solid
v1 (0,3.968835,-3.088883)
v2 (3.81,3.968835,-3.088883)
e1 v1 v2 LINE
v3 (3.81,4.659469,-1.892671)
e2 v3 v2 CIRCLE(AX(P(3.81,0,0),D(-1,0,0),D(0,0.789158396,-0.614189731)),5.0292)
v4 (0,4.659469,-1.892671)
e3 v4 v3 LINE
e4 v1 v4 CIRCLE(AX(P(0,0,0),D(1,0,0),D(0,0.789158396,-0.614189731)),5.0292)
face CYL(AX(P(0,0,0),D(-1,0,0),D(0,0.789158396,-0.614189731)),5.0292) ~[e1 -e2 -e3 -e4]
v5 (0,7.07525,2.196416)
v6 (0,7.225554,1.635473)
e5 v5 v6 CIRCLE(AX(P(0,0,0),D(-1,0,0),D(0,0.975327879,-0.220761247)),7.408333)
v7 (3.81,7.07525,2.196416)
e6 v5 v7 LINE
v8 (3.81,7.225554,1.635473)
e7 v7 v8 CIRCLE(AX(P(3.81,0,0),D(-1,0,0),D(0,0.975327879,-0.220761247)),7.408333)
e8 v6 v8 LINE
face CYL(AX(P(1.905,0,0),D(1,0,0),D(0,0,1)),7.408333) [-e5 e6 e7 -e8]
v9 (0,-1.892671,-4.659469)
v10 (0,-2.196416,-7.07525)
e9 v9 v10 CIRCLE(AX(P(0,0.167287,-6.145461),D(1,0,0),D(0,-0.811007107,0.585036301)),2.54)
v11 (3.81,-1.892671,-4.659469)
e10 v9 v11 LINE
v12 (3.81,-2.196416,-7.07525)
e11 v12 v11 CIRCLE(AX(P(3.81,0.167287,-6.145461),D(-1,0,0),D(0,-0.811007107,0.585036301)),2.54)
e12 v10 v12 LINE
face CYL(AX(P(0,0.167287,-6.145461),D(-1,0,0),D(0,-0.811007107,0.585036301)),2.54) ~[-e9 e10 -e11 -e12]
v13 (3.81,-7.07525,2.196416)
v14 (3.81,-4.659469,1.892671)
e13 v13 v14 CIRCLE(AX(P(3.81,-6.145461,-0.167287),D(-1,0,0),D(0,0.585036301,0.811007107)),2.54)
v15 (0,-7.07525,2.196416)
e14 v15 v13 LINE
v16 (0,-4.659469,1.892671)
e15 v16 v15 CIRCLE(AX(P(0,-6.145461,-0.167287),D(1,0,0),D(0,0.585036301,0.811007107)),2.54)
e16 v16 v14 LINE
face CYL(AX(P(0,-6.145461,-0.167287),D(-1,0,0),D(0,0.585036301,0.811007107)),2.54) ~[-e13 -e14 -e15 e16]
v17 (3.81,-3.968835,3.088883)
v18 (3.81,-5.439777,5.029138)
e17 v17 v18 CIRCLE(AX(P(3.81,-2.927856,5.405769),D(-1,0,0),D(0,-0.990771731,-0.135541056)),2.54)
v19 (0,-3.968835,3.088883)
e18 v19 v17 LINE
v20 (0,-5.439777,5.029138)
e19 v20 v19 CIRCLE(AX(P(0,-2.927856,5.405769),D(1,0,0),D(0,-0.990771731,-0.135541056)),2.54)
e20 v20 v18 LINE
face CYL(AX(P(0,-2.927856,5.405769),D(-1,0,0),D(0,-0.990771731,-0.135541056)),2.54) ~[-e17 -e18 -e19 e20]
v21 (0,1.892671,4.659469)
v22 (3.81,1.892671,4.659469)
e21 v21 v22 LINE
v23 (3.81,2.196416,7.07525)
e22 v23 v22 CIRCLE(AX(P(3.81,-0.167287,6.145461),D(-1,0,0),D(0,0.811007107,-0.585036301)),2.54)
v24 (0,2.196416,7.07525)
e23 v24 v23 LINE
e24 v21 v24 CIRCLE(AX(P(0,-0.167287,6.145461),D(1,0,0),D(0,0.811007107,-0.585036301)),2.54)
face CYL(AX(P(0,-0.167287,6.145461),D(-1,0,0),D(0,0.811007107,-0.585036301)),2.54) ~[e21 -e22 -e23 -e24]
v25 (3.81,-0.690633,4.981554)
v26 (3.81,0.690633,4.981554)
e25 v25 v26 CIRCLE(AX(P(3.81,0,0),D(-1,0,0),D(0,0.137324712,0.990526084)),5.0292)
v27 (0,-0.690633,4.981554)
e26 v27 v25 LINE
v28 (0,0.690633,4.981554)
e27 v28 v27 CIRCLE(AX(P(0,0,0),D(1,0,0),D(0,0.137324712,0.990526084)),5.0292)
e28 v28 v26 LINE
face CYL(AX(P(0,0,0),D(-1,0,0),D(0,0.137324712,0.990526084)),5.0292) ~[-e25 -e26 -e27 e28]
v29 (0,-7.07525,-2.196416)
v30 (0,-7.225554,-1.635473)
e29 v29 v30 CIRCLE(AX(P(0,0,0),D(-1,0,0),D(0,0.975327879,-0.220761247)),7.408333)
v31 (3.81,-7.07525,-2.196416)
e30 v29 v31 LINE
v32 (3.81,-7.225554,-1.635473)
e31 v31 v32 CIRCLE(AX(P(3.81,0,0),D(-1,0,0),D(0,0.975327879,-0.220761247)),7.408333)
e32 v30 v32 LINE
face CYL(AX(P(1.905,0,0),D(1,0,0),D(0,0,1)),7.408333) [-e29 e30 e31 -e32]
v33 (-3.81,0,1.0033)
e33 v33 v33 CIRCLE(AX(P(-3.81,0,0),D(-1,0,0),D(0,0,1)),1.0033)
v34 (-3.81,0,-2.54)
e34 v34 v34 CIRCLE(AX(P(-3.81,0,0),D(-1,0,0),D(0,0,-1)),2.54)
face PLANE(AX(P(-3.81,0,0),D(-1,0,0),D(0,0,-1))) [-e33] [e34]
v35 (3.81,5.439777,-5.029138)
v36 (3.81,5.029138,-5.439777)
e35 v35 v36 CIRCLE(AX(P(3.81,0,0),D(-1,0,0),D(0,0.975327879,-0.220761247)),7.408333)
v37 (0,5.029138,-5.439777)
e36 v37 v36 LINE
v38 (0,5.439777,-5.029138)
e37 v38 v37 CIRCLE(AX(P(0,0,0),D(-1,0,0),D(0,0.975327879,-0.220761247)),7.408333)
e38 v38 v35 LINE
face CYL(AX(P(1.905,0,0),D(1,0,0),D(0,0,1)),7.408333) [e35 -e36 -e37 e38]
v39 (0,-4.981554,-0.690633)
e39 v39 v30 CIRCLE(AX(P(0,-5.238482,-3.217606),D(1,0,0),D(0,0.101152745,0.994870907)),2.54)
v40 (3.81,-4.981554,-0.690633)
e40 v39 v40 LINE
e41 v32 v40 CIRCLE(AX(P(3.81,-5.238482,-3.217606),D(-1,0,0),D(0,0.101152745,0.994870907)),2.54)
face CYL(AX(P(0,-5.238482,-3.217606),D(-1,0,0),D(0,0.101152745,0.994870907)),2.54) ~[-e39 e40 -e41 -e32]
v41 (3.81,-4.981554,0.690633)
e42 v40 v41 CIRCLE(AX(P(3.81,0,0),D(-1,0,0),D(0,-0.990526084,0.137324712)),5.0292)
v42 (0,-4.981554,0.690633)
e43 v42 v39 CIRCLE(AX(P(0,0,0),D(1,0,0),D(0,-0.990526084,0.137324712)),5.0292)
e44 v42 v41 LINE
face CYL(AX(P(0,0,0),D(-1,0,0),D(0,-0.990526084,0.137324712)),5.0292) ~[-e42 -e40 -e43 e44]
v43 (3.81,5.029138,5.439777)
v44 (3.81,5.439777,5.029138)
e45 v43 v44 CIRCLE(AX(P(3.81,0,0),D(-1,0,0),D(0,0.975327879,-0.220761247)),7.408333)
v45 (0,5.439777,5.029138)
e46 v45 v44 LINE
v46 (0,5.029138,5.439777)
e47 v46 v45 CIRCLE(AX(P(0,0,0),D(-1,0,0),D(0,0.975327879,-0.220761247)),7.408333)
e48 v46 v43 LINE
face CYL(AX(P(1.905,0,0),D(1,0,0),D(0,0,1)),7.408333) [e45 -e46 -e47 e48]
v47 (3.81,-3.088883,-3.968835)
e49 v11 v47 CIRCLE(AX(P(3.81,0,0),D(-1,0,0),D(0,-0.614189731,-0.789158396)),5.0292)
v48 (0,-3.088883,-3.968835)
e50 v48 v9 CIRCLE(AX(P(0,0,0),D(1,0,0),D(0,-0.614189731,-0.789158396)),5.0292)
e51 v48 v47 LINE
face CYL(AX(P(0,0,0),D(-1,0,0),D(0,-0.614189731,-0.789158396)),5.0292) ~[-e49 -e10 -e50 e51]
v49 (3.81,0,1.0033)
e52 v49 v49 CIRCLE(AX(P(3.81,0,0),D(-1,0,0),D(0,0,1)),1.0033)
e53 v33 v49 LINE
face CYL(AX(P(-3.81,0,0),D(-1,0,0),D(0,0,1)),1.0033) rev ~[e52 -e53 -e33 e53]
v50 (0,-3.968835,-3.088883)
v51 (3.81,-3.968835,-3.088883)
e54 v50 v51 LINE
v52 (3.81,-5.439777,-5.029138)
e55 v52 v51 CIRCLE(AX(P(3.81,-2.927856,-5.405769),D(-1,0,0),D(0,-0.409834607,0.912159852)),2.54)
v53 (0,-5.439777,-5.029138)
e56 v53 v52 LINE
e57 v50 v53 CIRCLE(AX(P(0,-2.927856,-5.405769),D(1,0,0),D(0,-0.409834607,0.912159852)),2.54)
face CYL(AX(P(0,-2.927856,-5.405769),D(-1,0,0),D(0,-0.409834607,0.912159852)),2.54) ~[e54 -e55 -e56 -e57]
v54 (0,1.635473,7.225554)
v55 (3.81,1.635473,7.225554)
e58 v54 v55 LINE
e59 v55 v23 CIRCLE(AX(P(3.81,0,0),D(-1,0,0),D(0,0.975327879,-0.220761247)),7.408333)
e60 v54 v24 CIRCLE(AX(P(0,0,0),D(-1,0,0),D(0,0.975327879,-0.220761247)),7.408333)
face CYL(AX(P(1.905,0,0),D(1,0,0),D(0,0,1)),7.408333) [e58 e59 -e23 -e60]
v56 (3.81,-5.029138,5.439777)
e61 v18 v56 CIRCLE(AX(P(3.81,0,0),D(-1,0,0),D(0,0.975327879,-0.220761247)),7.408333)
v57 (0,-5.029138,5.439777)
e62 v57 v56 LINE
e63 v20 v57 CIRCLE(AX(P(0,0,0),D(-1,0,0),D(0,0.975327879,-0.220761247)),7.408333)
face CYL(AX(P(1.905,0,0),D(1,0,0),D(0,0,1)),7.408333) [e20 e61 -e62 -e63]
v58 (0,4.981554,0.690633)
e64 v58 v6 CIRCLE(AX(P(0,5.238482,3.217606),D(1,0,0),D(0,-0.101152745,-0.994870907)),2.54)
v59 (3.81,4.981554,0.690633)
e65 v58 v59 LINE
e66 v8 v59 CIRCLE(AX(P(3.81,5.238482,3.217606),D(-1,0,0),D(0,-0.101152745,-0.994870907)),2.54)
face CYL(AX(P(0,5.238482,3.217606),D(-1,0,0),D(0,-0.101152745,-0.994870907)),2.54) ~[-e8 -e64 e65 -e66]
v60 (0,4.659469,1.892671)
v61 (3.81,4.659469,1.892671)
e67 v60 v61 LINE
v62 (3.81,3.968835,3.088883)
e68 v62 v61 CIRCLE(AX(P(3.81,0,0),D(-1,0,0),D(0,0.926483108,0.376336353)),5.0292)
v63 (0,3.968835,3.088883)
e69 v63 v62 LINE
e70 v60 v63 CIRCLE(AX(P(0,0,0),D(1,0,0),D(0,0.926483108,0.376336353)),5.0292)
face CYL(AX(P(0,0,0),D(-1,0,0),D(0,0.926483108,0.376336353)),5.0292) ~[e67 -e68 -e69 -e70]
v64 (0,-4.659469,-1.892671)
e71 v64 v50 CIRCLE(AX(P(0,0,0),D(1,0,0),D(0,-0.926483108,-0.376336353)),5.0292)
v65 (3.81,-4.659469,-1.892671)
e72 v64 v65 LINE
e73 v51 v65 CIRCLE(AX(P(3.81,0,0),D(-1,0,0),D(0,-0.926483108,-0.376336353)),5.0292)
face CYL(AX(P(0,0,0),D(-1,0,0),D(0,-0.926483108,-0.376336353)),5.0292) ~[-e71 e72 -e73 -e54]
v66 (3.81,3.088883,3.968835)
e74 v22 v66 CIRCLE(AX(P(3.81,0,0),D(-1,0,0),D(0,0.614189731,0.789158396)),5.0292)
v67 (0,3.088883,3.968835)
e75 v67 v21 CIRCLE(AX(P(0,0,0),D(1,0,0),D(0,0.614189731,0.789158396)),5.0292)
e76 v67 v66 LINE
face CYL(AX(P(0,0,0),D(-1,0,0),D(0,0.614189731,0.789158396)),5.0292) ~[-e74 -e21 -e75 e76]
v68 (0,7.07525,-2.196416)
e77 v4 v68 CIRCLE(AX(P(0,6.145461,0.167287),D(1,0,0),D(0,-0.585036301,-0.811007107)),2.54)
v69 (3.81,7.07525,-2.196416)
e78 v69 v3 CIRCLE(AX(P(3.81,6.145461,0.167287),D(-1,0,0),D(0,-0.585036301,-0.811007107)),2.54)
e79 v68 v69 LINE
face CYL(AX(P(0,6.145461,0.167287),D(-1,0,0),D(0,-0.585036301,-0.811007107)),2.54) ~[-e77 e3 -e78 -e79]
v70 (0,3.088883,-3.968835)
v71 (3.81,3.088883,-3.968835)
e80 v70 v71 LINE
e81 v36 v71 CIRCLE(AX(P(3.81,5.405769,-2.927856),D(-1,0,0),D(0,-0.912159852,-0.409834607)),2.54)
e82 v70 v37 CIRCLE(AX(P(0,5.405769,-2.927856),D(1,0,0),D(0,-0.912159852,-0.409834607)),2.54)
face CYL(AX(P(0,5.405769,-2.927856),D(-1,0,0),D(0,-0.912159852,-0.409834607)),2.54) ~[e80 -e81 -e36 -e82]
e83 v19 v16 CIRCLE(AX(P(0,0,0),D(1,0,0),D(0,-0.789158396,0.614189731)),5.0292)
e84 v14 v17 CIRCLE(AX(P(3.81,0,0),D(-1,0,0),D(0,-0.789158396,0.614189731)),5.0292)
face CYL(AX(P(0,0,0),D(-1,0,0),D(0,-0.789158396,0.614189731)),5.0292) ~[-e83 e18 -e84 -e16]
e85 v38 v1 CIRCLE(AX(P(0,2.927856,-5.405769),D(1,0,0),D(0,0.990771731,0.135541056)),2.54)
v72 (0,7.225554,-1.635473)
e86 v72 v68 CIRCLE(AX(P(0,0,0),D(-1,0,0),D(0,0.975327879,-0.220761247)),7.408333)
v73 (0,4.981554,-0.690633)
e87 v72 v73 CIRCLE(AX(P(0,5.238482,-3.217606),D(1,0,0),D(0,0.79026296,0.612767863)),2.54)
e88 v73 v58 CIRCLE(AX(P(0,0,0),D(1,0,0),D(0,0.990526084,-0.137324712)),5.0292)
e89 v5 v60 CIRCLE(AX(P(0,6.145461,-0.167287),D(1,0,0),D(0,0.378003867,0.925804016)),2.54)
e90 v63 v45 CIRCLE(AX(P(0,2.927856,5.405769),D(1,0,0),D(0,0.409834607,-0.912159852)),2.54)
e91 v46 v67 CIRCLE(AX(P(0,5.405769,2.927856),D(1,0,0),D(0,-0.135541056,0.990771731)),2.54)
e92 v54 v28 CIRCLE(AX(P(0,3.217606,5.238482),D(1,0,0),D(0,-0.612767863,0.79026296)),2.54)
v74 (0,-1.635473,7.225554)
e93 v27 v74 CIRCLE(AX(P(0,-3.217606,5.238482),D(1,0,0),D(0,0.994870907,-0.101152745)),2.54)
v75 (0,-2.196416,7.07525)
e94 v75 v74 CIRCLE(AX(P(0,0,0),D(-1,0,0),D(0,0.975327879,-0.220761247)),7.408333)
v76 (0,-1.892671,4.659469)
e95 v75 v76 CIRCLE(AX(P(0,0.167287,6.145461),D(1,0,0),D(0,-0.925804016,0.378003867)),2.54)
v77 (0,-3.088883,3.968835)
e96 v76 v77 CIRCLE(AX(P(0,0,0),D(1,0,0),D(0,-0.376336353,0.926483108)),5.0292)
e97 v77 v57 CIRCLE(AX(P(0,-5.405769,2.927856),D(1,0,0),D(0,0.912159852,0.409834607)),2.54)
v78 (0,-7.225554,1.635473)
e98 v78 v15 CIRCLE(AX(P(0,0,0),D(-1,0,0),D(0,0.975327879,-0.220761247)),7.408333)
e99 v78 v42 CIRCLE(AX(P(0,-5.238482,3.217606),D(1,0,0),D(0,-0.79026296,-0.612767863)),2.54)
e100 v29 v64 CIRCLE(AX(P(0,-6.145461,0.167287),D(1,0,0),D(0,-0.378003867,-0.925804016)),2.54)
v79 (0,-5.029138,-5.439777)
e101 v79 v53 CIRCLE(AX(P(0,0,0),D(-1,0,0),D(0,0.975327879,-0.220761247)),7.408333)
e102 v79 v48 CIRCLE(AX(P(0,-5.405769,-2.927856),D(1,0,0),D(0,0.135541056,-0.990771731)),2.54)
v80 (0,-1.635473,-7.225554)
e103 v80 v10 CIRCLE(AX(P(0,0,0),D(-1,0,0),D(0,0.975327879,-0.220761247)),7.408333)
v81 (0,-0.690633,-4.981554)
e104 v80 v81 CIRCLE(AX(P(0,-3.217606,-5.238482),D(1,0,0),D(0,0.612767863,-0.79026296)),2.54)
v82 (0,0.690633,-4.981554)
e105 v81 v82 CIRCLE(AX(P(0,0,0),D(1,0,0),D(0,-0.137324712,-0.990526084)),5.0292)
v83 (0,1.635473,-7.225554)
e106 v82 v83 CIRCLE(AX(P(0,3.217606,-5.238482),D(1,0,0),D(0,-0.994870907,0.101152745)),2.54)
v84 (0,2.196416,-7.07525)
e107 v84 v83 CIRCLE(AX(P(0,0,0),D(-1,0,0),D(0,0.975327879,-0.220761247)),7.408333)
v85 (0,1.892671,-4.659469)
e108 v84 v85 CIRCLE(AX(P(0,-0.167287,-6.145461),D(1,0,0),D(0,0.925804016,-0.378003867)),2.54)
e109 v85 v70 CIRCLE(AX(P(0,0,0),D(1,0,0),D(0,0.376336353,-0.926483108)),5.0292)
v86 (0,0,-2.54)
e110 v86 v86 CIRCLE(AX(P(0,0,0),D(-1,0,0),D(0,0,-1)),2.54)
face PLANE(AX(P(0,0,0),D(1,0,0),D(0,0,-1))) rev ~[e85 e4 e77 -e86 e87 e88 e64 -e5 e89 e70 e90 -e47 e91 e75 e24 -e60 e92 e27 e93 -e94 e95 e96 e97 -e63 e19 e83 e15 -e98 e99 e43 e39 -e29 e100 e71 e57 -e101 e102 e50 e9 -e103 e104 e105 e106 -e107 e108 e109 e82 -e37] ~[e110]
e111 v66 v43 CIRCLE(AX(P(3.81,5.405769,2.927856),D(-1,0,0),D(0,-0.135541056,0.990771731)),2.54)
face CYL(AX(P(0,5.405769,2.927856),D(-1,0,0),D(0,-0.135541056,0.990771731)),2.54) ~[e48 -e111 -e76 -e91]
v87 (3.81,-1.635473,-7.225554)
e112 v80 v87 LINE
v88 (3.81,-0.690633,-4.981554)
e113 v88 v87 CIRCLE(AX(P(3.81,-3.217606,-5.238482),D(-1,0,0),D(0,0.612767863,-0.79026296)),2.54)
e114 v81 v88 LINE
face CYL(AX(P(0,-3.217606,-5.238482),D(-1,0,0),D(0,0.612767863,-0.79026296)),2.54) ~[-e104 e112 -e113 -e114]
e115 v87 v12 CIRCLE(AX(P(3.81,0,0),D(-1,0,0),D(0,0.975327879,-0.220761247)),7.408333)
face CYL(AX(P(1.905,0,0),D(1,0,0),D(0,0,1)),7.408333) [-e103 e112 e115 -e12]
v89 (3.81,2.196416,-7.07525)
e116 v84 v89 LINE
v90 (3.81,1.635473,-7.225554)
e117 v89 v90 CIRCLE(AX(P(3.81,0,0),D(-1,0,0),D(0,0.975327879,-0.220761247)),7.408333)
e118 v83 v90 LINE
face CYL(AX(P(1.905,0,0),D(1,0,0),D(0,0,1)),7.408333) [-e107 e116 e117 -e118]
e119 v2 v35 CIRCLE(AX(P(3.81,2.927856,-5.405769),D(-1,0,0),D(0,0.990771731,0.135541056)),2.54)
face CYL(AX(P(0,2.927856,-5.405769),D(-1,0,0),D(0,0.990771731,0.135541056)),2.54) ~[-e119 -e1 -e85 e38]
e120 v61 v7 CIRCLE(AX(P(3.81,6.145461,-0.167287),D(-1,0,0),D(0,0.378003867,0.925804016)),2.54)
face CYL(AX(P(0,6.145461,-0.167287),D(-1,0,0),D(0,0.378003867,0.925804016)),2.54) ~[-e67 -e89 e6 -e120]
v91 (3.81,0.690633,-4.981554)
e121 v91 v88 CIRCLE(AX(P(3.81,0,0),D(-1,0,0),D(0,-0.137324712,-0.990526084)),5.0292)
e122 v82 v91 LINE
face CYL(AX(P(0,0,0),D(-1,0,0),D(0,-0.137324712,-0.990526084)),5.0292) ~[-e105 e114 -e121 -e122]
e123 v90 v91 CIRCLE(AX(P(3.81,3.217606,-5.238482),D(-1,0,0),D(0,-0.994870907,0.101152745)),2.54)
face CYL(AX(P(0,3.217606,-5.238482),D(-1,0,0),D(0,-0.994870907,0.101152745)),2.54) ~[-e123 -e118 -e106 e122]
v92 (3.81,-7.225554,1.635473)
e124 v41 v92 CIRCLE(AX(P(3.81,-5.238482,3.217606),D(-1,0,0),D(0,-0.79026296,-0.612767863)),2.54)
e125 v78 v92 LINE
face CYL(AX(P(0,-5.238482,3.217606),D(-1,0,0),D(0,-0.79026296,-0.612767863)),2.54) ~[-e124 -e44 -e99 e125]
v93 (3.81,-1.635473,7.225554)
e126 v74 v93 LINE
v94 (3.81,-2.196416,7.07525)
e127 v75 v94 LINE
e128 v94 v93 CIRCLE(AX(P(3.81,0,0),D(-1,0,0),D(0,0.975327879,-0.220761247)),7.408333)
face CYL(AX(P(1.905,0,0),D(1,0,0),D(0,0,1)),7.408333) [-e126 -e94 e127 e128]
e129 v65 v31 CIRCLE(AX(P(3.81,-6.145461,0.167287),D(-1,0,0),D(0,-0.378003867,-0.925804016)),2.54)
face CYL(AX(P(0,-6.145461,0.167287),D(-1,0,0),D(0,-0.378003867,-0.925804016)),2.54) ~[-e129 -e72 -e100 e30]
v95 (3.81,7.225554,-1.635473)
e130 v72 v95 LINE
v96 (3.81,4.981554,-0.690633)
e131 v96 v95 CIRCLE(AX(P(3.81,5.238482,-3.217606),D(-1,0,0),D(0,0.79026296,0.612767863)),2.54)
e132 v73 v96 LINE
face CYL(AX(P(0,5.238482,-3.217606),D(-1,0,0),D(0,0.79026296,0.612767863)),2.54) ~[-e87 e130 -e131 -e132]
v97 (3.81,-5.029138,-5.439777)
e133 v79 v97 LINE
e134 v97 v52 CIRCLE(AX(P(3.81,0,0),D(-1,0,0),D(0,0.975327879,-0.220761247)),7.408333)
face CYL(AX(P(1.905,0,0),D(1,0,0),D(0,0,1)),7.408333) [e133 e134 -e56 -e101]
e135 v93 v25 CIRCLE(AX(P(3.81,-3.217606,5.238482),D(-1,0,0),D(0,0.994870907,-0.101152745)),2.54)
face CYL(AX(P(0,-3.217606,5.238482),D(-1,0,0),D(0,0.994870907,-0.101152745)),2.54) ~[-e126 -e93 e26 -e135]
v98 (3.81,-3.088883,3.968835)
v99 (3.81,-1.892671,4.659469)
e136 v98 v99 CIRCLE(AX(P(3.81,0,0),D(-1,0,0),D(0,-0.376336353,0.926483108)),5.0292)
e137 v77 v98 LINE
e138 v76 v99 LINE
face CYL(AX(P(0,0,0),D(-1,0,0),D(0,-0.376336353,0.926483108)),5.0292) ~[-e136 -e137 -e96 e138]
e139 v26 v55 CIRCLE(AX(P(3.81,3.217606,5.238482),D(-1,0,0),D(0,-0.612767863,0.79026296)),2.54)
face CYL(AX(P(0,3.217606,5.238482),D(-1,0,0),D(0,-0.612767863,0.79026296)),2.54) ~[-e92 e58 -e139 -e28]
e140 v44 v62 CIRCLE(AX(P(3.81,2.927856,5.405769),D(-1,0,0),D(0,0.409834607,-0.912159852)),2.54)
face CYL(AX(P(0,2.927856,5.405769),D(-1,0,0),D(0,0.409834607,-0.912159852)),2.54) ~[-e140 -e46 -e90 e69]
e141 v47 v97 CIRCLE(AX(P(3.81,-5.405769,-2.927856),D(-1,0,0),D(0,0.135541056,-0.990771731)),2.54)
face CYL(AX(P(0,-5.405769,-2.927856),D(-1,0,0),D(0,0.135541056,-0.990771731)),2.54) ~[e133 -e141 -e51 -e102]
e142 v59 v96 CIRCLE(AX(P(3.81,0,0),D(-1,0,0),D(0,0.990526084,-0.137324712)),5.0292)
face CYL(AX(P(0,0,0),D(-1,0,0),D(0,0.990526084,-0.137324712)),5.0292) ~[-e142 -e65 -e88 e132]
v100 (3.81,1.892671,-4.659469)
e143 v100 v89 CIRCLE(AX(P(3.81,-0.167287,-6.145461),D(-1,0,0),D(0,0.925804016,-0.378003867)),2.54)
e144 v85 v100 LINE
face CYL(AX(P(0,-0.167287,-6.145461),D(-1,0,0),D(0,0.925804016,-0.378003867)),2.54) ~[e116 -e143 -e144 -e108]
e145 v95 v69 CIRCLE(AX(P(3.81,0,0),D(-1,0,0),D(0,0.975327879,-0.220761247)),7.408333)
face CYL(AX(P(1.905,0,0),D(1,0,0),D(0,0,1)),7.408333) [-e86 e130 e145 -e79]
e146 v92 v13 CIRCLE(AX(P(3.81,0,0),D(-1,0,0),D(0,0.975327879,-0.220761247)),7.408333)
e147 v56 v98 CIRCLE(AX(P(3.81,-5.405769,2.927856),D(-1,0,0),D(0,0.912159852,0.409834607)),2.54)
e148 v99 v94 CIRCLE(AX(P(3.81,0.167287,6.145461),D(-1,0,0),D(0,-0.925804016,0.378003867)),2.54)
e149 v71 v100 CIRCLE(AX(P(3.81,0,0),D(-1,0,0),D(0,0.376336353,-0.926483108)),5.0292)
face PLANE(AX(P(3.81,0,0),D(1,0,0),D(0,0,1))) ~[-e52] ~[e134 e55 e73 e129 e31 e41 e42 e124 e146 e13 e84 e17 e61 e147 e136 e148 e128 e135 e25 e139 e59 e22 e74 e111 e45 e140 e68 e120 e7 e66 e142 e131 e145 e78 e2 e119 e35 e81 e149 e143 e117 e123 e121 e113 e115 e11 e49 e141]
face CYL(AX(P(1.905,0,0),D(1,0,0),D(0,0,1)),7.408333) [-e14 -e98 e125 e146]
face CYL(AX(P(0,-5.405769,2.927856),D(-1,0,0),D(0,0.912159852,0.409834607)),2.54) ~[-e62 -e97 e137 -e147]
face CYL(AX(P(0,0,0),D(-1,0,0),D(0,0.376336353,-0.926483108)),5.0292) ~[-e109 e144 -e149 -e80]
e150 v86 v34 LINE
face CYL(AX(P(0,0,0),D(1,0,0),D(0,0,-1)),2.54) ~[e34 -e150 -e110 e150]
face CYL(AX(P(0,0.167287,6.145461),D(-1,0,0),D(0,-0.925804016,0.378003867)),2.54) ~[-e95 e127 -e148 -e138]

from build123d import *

# Parameters (mm, degrees)
BASPROSKE_W         = 3.81
BASPROSKE_H         = 7.408333333
TOOTHCUT_DEPTH      = 12.148224323
TEETHCUTS_COUNT     = 12
TEETHCUTS_ANGLE     = 330
BORSKE_R            = 5.0038
BORE_DEPTH          = 50.8000508
SKETCH1_R           = 5.0038
BOSS_EXTRUDE1_DEPTH = 3.81
SKETCH2_R           = 2.54
BOSS_EXTRUDE2_DEPTH = 3.81
SKETCH3_R           = 1.0033
CUT_EXTRUDE1_DEPTH  = 13.746829501


with BuildPart() as part:
    # BasProSke → Base-Revolve (revolve)
    with BuildSketch(Plane(origin=(0, 0, 0), x_dir=(1, 0, 0), z_dir=(0, 1, 0)), mode=Mode.PRIVATE) as base_revolve_sk:
        with Locations((1.905, 3.704166667)):
            Rectangle(BASPROSKE_W, BASPROSKE_H)
    revolve(base_revolve_sk.sketch.rotate(Axis((-10, 0, 0), (1, 0, 0)), 180), axis=Axis((-10, 0, 0), (1, 0, 0)))

    # TooCutSke → ToothCut (cut, through all)
    with BuildSketch(Plane(origin=(0, 0, 0), x_dir=(0, 0, -1), z_dir=(1, 0, 0))):
        with BuildLine():
            ThreePointArc((0.69063345, 4.981553782), (0, 5.0292), (-0.69063345, 4.981553782))
            ThreePointArc((-0.69063345, 4.981553782), (-0.883041418, 6.239186652), (-1.661175181, 7.245749671))
            ThreePointArc((-1.661175181, 7.245749671), (0, 7.433733333), (1.661175181, 7.245749671))
            ThreePointArc((1.661175181, 7.245749671), (0.883041418, 6.239186652), (0.69063345, 4.981553782))
        make_face()
    toothcut = extrude(amount=TOOTHCUT_DEPTH, mode=Mode.SUBTRACT)

    # TeethCuts: ToothCut ×12 about axis
    teethcuts_axis = Axis((-10, 0, 0), (1, 0, 0))
    for i in range(1, TEETHCUTS_COUNT):
        add(toothcut.rotate(teethcuts_axis, i * TEETHCUTS_ANGLE / (TEETHCUTS_COUNT - 1)), mode=Mode.SUBTRACT)

    # BorSke → Bore (cut, symmetric)
    with BuildSketch(Plane(origin=(0, 0, 0), x_dir=(0, 0, -1), z_dir=(1, 0, 0))):
        with Locations(Location((0, 0, 0), (0, 0, 180))):
            Circle(BORSKE_R)
    extrude(amount=BORE_DEPTH, both=True, mode=Mode.SUBTRACT)

    # Sketch1 → Boss-Extrude1 (add)
    with BuildSketch(Plane(origin=(0, 0, 0), x_dir=(0, 0, -1), z_dir=(1, 0, 0))):
        Circle(SKETCH1_R)
    extrude(amount=BOSS_EXTRUDE1_DEPTH)

    # Sketch2 → Boss-Extrude2 (add)
    with BuildSketch(Plane.ZY):
        with Locations(Location((0, 0, 0), (0, 0, 180))):
            Circle(SKETCH2_R)
    extrude(amount=BOSS_EXTRUDE2_DEPTH)

    # Sketch3 → Cut-Extrude1 (cut, through all)
    with BuildSketch(Plane.ZY.offset(3.81)):
        Circle(SKETCH3_R)
    extrude(amount=-CUT_EXTRUDE1_DEPTH, mode=Mode.SUBTRACT)


solid = part.part
